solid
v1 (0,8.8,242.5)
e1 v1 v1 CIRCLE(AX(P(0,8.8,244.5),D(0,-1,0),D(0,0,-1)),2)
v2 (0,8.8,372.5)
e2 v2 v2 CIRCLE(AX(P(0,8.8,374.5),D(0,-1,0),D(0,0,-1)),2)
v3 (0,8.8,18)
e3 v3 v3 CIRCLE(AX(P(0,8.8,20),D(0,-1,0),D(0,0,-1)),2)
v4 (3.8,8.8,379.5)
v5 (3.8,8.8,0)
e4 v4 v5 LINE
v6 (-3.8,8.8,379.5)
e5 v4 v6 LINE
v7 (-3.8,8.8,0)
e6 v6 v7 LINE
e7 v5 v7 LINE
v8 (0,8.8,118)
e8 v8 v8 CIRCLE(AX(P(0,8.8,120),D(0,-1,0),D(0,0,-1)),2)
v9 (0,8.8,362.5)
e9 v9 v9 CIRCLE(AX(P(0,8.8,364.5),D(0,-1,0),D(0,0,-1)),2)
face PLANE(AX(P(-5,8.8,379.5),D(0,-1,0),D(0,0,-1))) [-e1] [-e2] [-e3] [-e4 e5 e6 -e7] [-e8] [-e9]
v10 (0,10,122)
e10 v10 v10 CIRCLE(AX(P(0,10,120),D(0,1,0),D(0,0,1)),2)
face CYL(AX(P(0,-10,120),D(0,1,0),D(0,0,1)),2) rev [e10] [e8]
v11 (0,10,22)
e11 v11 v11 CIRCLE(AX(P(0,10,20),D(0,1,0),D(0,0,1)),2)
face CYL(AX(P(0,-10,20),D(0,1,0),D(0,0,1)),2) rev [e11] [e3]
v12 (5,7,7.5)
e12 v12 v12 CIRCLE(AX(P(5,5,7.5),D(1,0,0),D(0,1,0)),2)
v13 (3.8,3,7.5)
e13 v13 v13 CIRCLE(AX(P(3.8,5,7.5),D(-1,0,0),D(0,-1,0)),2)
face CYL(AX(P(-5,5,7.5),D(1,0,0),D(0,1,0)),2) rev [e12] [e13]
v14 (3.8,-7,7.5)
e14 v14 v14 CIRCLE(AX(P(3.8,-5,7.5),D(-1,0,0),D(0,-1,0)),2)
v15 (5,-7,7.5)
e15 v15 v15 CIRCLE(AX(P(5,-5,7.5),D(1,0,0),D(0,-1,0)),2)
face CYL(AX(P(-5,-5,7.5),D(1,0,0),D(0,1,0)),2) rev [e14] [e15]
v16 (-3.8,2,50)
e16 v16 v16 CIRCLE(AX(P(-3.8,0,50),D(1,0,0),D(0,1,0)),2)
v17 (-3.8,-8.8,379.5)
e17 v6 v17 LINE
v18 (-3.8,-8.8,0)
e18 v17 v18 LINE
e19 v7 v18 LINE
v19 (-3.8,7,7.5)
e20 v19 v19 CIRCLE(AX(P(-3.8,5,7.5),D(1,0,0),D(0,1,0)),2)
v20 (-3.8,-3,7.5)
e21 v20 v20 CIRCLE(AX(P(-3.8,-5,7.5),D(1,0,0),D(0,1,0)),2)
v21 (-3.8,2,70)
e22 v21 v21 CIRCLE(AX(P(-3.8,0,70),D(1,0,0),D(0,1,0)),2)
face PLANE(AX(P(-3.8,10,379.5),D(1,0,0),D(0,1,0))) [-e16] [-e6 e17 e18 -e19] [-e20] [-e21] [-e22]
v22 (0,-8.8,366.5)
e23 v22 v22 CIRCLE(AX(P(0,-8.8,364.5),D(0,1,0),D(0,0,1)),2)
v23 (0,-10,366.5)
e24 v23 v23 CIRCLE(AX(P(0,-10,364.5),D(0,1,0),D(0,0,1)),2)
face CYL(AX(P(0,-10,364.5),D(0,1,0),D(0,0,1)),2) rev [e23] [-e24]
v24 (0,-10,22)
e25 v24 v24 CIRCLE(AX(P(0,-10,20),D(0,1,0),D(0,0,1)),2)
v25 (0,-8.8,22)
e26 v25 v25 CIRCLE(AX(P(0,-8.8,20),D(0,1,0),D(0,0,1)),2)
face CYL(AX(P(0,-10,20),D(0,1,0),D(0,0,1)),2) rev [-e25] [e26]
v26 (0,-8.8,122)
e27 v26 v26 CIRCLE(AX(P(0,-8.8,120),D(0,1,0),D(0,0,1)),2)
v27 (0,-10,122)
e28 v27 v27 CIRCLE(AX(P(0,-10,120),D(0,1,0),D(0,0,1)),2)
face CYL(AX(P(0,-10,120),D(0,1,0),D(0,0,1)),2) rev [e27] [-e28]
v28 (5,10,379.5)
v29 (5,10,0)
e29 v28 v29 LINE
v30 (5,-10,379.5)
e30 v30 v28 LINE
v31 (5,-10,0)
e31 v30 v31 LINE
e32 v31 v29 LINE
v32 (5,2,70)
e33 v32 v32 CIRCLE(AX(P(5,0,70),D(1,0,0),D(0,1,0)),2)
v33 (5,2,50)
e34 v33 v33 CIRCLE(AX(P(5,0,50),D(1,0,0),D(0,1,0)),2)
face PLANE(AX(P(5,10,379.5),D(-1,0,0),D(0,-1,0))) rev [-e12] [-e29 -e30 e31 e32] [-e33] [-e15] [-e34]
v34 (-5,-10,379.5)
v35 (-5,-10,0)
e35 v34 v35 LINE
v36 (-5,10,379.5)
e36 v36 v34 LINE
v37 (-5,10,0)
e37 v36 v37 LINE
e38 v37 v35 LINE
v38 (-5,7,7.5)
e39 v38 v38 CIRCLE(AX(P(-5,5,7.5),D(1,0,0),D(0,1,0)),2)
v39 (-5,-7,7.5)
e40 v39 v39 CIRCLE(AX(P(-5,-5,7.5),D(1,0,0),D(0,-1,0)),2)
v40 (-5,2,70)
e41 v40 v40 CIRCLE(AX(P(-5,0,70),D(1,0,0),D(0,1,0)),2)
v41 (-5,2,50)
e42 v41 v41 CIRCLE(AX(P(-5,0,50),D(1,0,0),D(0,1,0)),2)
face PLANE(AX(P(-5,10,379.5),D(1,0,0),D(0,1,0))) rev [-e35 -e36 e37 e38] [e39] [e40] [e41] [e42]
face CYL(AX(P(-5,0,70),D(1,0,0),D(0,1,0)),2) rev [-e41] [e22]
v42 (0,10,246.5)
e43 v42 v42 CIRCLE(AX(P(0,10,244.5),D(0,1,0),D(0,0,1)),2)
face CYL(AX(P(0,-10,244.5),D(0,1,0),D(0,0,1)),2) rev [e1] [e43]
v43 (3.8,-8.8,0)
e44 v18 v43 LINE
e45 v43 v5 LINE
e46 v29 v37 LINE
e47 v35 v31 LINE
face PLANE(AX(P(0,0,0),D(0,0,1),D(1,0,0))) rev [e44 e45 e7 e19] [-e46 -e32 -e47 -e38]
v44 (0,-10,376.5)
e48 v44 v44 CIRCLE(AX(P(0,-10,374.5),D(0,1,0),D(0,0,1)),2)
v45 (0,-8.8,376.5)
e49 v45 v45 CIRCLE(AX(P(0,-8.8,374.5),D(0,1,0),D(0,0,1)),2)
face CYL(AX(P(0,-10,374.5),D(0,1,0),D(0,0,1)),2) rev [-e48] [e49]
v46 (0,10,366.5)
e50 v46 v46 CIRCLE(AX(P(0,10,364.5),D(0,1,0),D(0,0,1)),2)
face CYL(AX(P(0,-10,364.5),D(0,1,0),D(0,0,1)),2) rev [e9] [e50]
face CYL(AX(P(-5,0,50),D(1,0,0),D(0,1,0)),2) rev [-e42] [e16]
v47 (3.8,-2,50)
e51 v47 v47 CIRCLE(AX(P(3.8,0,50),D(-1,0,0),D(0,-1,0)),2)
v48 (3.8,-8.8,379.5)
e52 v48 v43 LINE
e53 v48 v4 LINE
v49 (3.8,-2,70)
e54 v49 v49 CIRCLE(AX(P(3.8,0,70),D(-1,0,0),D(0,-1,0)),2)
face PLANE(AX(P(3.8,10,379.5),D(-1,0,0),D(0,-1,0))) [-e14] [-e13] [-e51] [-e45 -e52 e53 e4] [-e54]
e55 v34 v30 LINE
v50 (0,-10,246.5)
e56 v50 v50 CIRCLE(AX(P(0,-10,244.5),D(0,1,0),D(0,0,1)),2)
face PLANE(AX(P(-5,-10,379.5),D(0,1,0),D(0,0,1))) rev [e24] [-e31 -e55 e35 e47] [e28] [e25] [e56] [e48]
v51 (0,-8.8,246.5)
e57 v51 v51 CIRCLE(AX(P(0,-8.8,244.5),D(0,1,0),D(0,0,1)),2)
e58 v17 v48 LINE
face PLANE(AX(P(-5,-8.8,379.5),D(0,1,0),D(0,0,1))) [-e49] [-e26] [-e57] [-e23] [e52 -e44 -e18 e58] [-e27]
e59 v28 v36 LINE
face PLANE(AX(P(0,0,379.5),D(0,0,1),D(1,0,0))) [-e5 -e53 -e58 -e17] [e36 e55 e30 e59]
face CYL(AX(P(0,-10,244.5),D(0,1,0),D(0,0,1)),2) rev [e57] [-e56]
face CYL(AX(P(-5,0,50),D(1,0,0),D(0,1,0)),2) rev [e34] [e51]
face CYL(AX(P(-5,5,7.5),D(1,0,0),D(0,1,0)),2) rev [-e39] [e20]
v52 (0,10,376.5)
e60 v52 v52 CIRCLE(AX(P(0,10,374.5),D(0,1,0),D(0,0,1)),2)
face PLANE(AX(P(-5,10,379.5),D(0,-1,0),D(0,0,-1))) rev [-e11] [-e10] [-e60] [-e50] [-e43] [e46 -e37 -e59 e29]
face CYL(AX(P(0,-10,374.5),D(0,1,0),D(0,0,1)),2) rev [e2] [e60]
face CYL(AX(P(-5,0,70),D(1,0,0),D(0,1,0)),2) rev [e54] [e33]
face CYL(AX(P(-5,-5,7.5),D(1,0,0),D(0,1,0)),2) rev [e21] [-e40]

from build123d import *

# Parameters (mm, degrees)
SKETCH_1_W          = 10
SKETCH_1_H          = 20
SKETCH_1_W_2        = 7.6
SKETCH_1_H_2        = 17.6
EXTRUDE_1_DEPTH     = 379.5
SKETCH_2_R          = 2
CUT_EXTRUDE_1_DEPTH = 381.05953481
SKETCH_3_R          = 2
CUT_EXTRUDE_2_DEPTH = 380.763413193


with BuildPart() as part:
    # ｽｹｯﾁ1 → 押し出し-薄板1 (new body)
    with BuildSketch(Plane.XY):
        Rectangle(SKETCH_1_W, SKETCH_1_H)
        Rectangle(SKETCH_1_W_2, SKETCH_1_H_2, mode=Mode.SUBTRACT)
    extrude(amount=EXTRUDE_1_DEPTH)

    # ｽｹｯﾁ2 → ｶｯﾄ - 押し出し1 (cut, through all)
    with BuildSketch(Plane(origin=(0, 10, 0), x_dir=(1, 0, 0), z_dir=(0, 1, 0))):
        with Locations(Location((0, -364.5, 0), (0, 0, 270))):
            Circle(SKETCH_2_R)
        with Locations(Location((0, -374.5, 0), (0, 0, 270))):
            Circle(SKETCH_2_R)
        with Locations(Location((0, -244.5, 0), (0, 0, 270))):
            Circle(SKETCH_2_R)
        with Locations(Location((0, -120, 0), (0, 0, 270))):
            Circle(SKETCH_2_R)
        with Locations(Location((0, -20, 0), (0, 0, 270))):
            Circle(SKETCH_2_R)
    extrude(amount=-CUT_EXTRUDE_1_DEPTH, mode=Mode.SUBTRACT)

    # ｽｹｯﾁ3 → ｶｯﾄ - 押し出し2 (cut, through all)
    with BuildSketch(Plane(origin=(5, 0, 0), x_dir=(0, 0, -1), z_dir=(1, 0, 0))):
        with Locations(Location((-7.5, 5, 0), (0, 0, 90))):
            Circle(SKETCH_3_R)
        with Locations(Location((-7.5, -5, 0), (0, 0, 90))):
            Circle(SKETCH_3_R)
        with Locations(Location((-70, 0, 0), (0, 0, 90))):
            Circle(SKETCH_3_R)
        with Locations(Location((-50, 0, 0), (0, 0, 90))):
            Circle(SKETCH_3_R)
    extrude(amount=-CUT_EXTRUDE_2_DEPTH, mode=Mode.SUBTRACT)


solid = part.part
